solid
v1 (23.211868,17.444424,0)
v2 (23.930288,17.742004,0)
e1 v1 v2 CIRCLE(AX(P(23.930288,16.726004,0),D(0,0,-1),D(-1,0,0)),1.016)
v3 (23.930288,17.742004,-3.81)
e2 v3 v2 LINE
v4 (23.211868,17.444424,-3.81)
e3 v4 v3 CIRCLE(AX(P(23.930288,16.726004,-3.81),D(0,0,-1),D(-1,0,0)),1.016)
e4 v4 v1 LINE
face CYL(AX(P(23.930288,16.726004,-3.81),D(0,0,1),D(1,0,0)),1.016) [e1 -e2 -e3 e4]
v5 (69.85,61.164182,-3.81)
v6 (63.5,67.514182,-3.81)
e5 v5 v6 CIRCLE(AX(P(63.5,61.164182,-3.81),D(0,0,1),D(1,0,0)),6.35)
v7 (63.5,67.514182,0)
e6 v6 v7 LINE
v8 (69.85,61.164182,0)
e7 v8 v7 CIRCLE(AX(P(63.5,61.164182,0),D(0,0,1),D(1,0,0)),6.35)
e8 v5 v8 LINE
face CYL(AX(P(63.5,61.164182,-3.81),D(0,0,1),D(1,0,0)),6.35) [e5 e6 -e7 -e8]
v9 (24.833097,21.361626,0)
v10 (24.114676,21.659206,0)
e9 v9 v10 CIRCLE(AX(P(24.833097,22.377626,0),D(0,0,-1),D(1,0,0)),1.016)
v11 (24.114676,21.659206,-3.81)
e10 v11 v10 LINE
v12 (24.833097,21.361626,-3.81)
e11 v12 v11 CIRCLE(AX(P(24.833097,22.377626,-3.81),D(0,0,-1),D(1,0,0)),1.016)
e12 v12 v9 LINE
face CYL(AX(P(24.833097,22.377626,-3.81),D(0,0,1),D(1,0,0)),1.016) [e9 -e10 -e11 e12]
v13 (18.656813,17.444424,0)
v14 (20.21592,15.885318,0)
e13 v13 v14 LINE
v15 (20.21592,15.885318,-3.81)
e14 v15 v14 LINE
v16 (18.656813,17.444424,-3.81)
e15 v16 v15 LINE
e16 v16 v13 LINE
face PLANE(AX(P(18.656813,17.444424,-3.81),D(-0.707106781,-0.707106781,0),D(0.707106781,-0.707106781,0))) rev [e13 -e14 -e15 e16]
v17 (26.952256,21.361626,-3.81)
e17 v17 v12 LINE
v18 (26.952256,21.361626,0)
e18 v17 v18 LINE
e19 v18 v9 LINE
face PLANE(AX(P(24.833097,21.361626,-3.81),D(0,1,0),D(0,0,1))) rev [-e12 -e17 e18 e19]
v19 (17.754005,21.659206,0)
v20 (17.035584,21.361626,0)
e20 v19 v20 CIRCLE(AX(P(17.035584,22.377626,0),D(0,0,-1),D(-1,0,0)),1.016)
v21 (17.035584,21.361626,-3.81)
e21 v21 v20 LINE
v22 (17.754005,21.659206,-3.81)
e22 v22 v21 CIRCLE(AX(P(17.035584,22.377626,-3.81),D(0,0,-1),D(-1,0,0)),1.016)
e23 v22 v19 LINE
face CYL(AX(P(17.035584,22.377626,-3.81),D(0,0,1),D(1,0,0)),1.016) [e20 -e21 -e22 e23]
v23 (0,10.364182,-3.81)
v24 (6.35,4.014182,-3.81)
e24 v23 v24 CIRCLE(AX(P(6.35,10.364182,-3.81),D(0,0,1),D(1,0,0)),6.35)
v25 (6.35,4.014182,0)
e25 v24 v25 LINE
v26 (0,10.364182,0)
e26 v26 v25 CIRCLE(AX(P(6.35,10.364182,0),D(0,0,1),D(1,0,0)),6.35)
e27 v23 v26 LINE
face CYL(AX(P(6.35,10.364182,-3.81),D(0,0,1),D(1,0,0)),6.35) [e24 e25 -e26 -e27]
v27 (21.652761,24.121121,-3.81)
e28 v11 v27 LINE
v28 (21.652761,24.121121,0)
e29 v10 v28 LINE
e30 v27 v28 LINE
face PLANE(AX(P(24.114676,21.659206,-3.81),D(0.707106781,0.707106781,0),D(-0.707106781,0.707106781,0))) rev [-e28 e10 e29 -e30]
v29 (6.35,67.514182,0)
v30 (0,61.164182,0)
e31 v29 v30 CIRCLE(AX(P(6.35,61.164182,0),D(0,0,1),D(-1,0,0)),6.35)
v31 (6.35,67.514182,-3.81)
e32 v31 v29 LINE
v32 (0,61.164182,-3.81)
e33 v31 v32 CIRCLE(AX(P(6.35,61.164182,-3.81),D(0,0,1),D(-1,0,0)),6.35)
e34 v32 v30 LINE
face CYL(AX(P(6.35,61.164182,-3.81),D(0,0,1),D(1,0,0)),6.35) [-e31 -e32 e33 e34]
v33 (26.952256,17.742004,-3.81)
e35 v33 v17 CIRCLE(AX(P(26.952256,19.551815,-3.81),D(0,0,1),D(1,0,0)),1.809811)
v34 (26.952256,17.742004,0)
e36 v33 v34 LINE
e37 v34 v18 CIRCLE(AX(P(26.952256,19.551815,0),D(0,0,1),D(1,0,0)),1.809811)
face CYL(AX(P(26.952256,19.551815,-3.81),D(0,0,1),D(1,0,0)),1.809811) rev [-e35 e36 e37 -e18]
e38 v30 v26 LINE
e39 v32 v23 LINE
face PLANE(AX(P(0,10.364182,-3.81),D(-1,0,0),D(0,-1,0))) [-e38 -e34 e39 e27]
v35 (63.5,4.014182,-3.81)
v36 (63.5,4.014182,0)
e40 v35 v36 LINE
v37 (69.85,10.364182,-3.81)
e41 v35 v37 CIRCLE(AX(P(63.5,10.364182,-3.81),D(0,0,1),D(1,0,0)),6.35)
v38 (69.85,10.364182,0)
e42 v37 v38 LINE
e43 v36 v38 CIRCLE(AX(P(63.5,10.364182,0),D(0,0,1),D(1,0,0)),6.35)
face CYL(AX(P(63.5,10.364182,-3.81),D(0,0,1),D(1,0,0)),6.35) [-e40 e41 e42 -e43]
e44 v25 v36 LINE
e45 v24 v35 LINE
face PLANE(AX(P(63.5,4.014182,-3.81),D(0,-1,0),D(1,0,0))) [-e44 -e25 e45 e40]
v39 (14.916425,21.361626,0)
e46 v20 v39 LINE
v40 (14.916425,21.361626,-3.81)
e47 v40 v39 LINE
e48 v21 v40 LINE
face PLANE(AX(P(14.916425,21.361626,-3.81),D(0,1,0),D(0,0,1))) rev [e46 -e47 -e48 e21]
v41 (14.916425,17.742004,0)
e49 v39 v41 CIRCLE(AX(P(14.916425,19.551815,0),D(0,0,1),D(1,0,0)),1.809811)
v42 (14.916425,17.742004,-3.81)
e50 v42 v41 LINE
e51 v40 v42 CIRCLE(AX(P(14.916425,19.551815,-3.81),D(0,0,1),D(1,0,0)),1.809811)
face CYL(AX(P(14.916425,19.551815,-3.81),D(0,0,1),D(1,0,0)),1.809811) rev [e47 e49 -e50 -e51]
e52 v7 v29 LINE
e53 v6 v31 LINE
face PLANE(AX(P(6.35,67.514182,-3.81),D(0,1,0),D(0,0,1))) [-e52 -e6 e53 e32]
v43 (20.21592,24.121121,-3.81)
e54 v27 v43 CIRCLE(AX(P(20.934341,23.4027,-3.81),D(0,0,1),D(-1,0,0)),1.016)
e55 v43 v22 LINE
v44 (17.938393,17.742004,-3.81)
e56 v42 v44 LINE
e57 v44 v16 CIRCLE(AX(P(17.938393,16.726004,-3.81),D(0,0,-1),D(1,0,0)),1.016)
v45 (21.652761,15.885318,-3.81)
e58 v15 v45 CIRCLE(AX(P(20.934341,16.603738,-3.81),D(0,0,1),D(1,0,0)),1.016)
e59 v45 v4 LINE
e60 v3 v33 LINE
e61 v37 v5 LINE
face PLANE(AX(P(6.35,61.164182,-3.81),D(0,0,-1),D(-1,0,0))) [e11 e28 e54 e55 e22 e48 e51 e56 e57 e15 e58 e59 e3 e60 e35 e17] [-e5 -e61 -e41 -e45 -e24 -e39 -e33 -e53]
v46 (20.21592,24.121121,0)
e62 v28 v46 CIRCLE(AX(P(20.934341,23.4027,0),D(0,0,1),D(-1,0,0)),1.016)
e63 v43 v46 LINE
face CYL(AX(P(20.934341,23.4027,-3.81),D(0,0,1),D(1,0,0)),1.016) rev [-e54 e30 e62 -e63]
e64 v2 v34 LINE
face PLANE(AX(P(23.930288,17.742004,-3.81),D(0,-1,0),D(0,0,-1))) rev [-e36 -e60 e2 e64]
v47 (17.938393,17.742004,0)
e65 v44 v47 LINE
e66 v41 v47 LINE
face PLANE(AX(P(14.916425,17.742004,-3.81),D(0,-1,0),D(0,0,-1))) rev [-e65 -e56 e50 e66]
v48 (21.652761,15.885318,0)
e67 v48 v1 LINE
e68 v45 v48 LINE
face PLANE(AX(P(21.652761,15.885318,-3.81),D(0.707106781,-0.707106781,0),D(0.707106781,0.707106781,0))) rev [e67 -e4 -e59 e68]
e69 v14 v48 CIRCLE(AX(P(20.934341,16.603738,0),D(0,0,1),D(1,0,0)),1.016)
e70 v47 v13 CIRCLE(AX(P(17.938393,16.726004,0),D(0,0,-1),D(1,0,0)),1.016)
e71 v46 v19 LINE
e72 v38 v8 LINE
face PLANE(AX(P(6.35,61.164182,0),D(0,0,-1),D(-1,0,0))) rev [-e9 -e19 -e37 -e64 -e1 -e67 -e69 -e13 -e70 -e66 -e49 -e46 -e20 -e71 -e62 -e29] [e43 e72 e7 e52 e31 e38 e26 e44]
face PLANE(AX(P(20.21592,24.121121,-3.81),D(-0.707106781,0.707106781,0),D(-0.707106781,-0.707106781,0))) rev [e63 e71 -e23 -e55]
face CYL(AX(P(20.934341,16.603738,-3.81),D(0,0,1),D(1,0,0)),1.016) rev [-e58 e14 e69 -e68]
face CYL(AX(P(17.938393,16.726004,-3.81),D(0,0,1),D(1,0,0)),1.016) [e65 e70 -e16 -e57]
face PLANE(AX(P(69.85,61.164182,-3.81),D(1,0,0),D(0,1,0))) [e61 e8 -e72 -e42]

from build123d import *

# Parameters (mm, degrees)
EXTRUDE1_DEPTH = 3.81


with BuildPart() as part:
    # Sketch1 → Extrude1 (new body)
    with BuildSketch(Plane.XY):
        with BuildLine():
            Line((0, 10.36418202), (0, 61.16418202))
            ThreePointArc((0, 61.16418202), (1.859871939, 65.65431008), (6.35, 67.51418202))
            Line((6.35, 67.51418202), (63.5, 67.51418202))
            ThreePointArc((63.5, 67.51418202), (67.990128061, 65.65431008), (69.85, 61.16418202))
            Line((69.85, 61.16418202), (69.85, 10.36418202))
            ThreePointArc((69.85, 10.36418202), (67.990128061, 5.874053959), (63.5, 4.01418202))
            Line((63.5, 4.01418202), (6.35, 4.01418202))
            ThreePointArc((6.35, 4.01418202), (1.859871939, 5.874053959), (0, 10.36418202))
        make_face()
        with BuildLine():
            Line((24.833096834, 21.361626027), (26.952255854, 21.361626027))
            ThreePointArc((26.952255854, 21.361626027), (28.762066969, 19.551814912), (26.952255854, 17.742003797))
            Line((26.952255854, 17.742003797), (23.93028833, 17.742003797))
            ThreePointArc((23.93028833, 17.742003797), (23.541481963, 17.664665402), (23.211867841, 17.444424287))
            Line((23.211867841, 17.444424287), (21.65276114, 15.885317586))
            ThreePointArc((21.65276114, 15.885317586), (20.93434065, 15.587738076), (20.215920161, 15.885317586))
            Line((20.215920161, 15.885317586), (18.65681346, 17.444424287))
            ThreePointArc((18.65681346, 17.444424287), (18.327199337, 17.664665402), (17.93839297, 17.742003797))
            Line((17.93839297, 17.742003797), (14.916425446, 17.742003797))
            ThreePointArc((14.916425446, 17.742003797), (13.106614331, 19.551814912), (14.916425446, 21.361626027))
            Line((14.916425446, 21.361626027), (17.035584467, 21.361626027))
            ThreePointArc((17.035584467, 21.361626027), (17.424390834, 21.438964422), (17.754004956, 21.659205538))
            Line((17.754004956, 21.659205538), (20.215920161, 24.121120742))
            ThreePointArc((20.215920161, 24.121120742), (20.93434065, 24.418700252), (21.65276114, 24.121120742))
            Line((21.65276114, 24.121120742), (24.114676344, 21.659205538))
            ThreePointArc((24.114676344, 21.659205538), (24.444290467, 21.438964422), (24.833096834, 21.361626027))
        make_face(mode=Mode.SUBTRACT)
    extrude(amount=-EXTRUDE1_DEPTH)


solid = part.part
